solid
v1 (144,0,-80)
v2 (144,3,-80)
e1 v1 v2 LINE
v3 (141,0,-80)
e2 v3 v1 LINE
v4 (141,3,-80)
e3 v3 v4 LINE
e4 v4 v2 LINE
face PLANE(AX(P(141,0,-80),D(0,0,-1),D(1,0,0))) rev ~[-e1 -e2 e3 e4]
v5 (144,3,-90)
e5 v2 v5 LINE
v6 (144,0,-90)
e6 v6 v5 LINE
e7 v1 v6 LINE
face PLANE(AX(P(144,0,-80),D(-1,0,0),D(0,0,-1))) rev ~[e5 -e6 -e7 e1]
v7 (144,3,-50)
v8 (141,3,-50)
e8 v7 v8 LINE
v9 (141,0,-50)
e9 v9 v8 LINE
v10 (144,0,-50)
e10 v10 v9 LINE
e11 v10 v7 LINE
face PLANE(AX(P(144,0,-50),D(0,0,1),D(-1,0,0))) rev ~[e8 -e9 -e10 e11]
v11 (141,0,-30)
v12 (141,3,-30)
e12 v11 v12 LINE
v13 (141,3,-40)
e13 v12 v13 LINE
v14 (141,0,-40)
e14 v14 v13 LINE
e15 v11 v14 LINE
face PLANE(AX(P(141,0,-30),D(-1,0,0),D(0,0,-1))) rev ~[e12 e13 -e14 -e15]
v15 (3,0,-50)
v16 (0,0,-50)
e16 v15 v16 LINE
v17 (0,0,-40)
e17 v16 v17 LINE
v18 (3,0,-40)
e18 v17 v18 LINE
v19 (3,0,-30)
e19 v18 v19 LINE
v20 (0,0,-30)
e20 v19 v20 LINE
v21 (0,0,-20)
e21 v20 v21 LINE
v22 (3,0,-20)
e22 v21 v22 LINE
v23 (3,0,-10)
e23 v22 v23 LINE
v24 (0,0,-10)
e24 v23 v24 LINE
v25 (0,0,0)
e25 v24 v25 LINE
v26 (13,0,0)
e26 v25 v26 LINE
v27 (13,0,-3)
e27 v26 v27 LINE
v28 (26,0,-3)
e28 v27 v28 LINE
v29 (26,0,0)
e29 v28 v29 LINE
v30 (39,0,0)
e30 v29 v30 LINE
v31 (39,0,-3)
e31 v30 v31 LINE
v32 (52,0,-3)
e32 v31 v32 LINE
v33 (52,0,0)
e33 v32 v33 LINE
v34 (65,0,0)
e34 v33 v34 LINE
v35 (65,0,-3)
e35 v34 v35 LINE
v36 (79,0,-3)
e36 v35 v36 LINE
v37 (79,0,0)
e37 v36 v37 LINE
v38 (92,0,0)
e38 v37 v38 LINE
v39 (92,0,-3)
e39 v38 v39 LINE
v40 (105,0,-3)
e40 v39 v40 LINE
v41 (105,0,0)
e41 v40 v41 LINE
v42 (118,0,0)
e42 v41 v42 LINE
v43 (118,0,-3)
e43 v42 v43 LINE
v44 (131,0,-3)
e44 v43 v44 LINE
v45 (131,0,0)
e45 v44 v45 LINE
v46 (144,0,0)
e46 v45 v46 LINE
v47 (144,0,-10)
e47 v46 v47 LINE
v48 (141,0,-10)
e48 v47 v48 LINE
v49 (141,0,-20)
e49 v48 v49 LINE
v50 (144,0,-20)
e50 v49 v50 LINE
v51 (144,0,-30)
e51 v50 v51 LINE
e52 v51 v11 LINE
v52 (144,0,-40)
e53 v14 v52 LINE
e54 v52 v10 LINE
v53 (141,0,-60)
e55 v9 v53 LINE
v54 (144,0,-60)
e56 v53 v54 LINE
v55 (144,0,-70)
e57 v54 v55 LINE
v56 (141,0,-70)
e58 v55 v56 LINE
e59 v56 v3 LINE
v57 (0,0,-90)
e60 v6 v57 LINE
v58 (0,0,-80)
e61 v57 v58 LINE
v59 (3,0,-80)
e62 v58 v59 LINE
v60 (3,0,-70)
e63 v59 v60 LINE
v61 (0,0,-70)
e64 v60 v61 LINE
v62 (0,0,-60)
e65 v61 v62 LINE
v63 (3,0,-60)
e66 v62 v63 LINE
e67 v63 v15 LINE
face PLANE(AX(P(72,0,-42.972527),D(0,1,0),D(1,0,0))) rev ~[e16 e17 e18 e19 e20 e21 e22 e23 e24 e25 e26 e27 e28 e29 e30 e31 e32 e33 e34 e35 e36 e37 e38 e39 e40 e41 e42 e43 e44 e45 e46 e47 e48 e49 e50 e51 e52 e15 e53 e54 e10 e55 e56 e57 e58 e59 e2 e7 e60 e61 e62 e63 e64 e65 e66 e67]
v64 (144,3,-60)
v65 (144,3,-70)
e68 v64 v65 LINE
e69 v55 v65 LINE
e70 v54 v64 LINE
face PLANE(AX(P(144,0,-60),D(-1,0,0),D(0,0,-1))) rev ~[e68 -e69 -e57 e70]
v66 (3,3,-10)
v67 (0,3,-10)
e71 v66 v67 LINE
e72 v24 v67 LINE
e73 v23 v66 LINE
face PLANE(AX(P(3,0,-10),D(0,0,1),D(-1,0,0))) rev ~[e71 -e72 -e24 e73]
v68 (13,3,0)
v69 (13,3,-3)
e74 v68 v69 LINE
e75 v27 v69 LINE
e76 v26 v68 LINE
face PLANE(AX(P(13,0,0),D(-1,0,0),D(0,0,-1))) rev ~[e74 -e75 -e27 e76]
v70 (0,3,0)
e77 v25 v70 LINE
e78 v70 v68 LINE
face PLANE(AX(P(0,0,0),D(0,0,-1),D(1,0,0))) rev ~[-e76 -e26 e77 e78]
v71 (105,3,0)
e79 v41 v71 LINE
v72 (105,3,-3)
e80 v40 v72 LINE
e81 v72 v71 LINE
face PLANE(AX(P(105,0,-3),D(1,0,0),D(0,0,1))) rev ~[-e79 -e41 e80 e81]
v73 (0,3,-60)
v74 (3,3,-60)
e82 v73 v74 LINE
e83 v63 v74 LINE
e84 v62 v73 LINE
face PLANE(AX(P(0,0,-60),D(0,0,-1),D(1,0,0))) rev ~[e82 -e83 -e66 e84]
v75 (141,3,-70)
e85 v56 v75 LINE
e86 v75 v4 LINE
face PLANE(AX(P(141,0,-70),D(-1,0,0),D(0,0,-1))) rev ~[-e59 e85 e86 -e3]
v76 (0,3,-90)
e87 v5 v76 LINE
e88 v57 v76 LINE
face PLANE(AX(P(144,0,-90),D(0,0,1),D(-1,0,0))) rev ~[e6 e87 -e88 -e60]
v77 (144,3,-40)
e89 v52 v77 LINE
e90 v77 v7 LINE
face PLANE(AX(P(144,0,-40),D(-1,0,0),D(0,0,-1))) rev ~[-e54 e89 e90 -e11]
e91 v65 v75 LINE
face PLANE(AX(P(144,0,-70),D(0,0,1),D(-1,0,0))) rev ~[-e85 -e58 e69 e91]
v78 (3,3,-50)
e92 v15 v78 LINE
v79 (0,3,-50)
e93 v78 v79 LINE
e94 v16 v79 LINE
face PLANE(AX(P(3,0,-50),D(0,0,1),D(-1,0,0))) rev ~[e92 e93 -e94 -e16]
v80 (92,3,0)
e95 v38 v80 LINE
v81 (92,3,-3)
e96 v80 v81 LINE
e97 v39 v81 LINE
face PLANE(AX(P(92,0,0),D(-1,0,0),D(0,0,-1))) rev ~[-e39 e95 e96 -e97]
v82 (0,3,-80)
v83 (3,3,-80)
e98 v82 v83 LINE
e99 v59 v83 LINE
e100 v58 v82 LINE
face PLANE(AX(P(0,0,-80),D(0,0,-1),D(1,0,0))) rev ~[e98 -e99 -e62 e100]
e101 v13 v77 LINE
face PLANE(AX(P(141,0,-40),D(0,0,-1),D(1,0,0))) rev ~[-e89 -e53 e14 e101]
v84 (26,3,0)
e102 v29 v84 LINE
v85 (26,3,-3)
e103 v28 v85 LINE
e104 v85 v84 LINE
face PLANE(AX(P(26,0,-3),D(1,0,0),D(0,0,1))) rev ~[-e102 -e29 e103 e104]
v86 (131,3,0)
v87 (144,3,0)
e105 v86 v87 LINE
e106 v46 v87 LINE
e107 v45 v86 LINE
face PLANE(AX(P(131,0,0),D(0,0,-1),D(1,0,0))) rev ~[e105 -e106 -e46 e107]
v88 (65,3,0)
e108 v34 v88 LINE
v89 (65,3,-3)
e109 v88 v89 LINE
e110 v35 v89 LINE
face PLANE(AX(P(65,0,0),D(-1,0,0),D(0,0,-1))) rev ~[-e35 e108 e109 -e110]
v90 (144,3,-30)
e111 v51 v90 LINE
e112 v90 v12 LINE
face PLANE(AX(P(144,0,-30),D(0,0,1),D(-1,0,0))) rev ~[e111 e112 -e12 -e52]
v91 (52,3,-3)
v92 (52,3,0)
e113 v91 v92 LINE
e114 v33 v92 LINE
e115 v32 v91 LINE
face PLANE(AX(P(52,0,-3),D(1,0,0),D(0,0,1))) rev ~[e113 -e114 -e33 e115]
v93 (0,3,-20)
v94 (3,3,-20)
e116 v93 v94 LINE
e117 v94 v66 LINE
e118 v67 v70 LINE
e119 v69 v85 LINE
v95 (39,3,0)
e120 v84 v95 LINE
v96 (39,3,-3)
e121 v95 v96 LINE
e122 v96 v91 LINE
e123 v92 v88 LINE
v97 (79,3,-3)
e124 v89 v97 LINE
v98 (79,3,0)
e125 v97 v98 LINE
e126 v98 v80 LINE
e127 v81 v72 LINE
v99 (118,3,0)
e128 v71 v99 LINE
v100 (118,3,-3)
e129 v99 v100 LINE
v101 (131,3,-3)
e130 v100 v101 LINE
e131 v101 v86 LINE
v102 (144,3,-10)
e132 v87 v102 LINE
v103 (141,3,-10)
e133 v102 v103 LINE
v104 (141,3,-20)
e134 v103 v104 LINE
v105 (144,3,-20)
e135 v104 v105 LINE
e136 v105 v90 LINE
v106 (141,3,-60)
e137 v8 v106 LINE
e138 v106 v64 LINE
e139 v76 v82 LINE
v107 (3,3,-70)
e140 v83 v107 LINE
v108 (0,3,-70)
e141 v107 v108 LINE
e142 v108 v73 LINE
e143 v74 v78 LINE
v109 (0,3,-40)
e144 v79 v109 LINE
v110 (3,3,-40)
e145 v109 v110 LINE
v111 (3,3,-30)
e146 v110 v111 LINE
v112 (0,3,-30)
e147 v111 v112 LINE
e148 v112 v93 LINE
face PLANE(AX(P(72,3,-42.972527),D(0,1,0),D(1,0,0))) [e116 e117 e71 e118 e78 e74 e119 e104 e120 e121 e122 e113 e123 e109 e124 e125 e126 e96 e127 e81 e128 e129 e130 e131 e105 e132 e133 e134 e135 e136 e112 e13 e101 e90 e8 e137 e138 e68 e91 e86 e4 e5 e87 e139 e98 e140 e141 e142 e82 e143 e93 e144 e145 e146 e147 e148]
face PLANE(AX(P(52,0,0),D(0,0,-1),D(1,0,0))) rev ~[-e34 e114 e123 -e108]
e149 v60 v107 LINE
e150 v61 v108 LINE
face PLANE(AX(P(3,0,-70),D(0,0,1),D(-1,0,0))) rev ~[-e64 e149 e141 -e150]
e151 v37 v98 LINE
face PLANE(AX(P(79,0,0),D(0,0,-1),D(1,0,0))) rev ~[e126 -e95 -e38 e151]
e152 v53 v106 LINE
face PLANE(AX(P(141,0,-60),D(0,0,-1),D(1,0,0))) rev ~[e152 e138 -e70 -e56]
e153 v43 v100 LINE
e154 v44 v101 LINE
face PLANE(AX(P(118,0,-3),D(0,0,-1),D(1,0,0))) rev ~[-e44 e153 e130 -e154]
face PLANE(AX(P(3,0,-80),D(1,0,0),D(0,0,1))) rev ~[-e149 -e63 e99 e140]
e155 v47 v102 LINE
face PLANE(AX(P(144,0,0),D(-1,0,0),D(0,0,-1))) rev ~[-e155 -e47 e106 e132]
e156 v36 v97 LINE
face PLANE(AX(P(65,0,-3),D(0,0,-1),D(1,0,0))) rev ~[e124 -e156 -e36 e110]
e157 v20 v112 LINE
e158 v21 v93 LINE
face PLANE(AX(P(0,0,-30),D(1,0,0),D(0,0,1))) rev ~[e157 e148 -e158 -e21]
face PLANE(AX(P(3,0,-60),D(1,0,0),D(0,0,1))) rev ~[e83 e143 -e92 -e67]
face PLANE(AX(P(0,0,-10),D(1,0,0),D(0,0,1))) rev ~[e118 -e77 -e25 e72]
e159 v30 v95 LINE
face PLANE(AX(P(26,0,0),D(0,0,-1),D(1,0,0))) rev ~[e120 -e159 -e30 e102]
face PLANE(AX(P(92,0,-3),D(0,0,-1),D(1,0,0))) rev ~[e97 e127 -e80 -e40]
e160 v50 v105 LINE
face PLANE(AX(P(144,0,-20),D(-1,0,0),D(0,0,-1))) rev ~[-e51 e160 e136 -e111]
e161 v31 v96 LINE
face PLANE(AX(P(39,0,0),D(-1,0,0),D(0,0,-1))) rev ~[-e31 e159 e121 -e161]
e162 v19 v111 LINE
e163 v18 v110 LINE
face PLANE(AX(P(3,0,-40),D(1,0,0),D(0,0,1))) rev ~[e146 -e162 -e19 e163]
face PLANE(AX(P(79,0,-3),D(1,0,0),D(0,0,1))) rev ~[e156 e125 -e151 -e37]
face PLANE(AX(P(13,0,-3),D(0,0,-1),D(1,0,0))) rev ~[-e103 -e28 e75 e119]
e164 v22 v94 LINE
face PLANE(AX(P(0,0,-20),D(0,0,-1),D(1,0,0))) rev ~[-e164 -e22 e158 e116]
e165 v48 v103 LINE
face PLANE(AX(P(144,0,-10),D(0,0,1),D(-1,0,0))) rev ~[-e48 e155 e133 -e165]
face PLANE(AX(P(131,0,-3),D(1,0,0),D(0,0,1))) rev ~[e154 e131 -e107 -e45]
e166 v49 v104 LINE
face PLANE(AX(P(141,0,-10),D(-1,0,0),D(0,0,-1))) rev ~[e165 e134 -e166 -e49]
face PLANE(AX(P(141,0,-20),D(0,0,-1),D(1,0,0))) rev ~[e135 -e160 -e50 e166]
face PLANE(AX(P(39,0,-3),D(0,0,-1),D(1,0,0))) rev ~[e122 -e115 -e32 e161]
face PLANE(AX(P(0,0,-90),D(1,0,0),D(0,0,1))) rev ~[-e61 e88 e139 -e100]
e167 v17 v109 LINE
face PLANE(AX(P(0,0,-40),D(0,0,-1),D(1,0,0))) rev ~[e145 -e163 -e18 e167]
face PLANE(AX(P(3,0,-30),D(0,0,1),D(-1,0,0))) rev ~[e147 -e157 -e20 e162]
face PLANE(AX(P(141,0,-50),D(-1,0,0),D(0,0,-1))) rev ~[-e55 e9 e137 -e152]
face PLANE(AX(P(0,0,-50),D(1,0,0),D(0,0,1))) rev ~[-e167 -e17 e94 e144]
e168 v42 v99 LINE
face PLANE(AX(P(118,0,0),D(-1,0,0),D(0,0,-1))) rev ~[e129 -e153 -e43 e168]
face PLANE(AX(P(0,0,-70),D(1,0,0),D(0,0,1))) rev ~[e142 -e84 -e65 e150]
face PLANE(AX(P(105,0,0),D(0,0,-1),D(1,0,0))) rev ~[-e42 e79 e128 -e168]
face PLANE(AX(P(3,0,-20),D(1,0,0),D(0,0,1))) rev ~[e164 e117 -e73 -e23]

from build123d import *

# Parameters (mm, degrees)
BOSS_EXTRUDE2_DEPTH = 3


with BuildPart() as part:
    # Sketch1 → Boss-Extrude2 (new body)
    with BuildSketch(Plane(origin=(0, 0, 0), x_dir=(1, 0, 0), z_dir=(0, 1, 0))):
        Polygon((39, 90), (26, 90), (13, 90), (0, 90), (0, 80), (3, 80), (3, 70), (0, 70), (0, 60), (3, 60), (3, 50), (0, 50), (0, 40), (3, 40), (3, 30), (0, 30), (0, 20), (3, 20), (3, 10), (0, 10), (0, 0), (13, 0), (13, 3), (26, 3), (26, 0), (39, 0), (39, 3), (52, 3), (52, 0), (65, 0), (65, 3), (79, 3), (79, 0), (92, 0), (92, 3), (105, 3), (105, 0), (118, 0), (118, 3), (131, 3), (131, 0), (144, 0), (144, 10), (141, 10), (141, 20), (144, 20), (144, 30), (141, 30), (141, 40), (144, 40), (144, 50), (141, 50), (141, 60), (144, 60), (144, 70), (141, 70), (141, 80), (144, 80), (144, 90), (131, 90), (118, 90), (105, 90), (92, 90), (79, 90), (65, 90), (52, 90), align=None)
    extrude(amount=BOSS_EXTRUDE2_DEPTH)


solid = part.part
